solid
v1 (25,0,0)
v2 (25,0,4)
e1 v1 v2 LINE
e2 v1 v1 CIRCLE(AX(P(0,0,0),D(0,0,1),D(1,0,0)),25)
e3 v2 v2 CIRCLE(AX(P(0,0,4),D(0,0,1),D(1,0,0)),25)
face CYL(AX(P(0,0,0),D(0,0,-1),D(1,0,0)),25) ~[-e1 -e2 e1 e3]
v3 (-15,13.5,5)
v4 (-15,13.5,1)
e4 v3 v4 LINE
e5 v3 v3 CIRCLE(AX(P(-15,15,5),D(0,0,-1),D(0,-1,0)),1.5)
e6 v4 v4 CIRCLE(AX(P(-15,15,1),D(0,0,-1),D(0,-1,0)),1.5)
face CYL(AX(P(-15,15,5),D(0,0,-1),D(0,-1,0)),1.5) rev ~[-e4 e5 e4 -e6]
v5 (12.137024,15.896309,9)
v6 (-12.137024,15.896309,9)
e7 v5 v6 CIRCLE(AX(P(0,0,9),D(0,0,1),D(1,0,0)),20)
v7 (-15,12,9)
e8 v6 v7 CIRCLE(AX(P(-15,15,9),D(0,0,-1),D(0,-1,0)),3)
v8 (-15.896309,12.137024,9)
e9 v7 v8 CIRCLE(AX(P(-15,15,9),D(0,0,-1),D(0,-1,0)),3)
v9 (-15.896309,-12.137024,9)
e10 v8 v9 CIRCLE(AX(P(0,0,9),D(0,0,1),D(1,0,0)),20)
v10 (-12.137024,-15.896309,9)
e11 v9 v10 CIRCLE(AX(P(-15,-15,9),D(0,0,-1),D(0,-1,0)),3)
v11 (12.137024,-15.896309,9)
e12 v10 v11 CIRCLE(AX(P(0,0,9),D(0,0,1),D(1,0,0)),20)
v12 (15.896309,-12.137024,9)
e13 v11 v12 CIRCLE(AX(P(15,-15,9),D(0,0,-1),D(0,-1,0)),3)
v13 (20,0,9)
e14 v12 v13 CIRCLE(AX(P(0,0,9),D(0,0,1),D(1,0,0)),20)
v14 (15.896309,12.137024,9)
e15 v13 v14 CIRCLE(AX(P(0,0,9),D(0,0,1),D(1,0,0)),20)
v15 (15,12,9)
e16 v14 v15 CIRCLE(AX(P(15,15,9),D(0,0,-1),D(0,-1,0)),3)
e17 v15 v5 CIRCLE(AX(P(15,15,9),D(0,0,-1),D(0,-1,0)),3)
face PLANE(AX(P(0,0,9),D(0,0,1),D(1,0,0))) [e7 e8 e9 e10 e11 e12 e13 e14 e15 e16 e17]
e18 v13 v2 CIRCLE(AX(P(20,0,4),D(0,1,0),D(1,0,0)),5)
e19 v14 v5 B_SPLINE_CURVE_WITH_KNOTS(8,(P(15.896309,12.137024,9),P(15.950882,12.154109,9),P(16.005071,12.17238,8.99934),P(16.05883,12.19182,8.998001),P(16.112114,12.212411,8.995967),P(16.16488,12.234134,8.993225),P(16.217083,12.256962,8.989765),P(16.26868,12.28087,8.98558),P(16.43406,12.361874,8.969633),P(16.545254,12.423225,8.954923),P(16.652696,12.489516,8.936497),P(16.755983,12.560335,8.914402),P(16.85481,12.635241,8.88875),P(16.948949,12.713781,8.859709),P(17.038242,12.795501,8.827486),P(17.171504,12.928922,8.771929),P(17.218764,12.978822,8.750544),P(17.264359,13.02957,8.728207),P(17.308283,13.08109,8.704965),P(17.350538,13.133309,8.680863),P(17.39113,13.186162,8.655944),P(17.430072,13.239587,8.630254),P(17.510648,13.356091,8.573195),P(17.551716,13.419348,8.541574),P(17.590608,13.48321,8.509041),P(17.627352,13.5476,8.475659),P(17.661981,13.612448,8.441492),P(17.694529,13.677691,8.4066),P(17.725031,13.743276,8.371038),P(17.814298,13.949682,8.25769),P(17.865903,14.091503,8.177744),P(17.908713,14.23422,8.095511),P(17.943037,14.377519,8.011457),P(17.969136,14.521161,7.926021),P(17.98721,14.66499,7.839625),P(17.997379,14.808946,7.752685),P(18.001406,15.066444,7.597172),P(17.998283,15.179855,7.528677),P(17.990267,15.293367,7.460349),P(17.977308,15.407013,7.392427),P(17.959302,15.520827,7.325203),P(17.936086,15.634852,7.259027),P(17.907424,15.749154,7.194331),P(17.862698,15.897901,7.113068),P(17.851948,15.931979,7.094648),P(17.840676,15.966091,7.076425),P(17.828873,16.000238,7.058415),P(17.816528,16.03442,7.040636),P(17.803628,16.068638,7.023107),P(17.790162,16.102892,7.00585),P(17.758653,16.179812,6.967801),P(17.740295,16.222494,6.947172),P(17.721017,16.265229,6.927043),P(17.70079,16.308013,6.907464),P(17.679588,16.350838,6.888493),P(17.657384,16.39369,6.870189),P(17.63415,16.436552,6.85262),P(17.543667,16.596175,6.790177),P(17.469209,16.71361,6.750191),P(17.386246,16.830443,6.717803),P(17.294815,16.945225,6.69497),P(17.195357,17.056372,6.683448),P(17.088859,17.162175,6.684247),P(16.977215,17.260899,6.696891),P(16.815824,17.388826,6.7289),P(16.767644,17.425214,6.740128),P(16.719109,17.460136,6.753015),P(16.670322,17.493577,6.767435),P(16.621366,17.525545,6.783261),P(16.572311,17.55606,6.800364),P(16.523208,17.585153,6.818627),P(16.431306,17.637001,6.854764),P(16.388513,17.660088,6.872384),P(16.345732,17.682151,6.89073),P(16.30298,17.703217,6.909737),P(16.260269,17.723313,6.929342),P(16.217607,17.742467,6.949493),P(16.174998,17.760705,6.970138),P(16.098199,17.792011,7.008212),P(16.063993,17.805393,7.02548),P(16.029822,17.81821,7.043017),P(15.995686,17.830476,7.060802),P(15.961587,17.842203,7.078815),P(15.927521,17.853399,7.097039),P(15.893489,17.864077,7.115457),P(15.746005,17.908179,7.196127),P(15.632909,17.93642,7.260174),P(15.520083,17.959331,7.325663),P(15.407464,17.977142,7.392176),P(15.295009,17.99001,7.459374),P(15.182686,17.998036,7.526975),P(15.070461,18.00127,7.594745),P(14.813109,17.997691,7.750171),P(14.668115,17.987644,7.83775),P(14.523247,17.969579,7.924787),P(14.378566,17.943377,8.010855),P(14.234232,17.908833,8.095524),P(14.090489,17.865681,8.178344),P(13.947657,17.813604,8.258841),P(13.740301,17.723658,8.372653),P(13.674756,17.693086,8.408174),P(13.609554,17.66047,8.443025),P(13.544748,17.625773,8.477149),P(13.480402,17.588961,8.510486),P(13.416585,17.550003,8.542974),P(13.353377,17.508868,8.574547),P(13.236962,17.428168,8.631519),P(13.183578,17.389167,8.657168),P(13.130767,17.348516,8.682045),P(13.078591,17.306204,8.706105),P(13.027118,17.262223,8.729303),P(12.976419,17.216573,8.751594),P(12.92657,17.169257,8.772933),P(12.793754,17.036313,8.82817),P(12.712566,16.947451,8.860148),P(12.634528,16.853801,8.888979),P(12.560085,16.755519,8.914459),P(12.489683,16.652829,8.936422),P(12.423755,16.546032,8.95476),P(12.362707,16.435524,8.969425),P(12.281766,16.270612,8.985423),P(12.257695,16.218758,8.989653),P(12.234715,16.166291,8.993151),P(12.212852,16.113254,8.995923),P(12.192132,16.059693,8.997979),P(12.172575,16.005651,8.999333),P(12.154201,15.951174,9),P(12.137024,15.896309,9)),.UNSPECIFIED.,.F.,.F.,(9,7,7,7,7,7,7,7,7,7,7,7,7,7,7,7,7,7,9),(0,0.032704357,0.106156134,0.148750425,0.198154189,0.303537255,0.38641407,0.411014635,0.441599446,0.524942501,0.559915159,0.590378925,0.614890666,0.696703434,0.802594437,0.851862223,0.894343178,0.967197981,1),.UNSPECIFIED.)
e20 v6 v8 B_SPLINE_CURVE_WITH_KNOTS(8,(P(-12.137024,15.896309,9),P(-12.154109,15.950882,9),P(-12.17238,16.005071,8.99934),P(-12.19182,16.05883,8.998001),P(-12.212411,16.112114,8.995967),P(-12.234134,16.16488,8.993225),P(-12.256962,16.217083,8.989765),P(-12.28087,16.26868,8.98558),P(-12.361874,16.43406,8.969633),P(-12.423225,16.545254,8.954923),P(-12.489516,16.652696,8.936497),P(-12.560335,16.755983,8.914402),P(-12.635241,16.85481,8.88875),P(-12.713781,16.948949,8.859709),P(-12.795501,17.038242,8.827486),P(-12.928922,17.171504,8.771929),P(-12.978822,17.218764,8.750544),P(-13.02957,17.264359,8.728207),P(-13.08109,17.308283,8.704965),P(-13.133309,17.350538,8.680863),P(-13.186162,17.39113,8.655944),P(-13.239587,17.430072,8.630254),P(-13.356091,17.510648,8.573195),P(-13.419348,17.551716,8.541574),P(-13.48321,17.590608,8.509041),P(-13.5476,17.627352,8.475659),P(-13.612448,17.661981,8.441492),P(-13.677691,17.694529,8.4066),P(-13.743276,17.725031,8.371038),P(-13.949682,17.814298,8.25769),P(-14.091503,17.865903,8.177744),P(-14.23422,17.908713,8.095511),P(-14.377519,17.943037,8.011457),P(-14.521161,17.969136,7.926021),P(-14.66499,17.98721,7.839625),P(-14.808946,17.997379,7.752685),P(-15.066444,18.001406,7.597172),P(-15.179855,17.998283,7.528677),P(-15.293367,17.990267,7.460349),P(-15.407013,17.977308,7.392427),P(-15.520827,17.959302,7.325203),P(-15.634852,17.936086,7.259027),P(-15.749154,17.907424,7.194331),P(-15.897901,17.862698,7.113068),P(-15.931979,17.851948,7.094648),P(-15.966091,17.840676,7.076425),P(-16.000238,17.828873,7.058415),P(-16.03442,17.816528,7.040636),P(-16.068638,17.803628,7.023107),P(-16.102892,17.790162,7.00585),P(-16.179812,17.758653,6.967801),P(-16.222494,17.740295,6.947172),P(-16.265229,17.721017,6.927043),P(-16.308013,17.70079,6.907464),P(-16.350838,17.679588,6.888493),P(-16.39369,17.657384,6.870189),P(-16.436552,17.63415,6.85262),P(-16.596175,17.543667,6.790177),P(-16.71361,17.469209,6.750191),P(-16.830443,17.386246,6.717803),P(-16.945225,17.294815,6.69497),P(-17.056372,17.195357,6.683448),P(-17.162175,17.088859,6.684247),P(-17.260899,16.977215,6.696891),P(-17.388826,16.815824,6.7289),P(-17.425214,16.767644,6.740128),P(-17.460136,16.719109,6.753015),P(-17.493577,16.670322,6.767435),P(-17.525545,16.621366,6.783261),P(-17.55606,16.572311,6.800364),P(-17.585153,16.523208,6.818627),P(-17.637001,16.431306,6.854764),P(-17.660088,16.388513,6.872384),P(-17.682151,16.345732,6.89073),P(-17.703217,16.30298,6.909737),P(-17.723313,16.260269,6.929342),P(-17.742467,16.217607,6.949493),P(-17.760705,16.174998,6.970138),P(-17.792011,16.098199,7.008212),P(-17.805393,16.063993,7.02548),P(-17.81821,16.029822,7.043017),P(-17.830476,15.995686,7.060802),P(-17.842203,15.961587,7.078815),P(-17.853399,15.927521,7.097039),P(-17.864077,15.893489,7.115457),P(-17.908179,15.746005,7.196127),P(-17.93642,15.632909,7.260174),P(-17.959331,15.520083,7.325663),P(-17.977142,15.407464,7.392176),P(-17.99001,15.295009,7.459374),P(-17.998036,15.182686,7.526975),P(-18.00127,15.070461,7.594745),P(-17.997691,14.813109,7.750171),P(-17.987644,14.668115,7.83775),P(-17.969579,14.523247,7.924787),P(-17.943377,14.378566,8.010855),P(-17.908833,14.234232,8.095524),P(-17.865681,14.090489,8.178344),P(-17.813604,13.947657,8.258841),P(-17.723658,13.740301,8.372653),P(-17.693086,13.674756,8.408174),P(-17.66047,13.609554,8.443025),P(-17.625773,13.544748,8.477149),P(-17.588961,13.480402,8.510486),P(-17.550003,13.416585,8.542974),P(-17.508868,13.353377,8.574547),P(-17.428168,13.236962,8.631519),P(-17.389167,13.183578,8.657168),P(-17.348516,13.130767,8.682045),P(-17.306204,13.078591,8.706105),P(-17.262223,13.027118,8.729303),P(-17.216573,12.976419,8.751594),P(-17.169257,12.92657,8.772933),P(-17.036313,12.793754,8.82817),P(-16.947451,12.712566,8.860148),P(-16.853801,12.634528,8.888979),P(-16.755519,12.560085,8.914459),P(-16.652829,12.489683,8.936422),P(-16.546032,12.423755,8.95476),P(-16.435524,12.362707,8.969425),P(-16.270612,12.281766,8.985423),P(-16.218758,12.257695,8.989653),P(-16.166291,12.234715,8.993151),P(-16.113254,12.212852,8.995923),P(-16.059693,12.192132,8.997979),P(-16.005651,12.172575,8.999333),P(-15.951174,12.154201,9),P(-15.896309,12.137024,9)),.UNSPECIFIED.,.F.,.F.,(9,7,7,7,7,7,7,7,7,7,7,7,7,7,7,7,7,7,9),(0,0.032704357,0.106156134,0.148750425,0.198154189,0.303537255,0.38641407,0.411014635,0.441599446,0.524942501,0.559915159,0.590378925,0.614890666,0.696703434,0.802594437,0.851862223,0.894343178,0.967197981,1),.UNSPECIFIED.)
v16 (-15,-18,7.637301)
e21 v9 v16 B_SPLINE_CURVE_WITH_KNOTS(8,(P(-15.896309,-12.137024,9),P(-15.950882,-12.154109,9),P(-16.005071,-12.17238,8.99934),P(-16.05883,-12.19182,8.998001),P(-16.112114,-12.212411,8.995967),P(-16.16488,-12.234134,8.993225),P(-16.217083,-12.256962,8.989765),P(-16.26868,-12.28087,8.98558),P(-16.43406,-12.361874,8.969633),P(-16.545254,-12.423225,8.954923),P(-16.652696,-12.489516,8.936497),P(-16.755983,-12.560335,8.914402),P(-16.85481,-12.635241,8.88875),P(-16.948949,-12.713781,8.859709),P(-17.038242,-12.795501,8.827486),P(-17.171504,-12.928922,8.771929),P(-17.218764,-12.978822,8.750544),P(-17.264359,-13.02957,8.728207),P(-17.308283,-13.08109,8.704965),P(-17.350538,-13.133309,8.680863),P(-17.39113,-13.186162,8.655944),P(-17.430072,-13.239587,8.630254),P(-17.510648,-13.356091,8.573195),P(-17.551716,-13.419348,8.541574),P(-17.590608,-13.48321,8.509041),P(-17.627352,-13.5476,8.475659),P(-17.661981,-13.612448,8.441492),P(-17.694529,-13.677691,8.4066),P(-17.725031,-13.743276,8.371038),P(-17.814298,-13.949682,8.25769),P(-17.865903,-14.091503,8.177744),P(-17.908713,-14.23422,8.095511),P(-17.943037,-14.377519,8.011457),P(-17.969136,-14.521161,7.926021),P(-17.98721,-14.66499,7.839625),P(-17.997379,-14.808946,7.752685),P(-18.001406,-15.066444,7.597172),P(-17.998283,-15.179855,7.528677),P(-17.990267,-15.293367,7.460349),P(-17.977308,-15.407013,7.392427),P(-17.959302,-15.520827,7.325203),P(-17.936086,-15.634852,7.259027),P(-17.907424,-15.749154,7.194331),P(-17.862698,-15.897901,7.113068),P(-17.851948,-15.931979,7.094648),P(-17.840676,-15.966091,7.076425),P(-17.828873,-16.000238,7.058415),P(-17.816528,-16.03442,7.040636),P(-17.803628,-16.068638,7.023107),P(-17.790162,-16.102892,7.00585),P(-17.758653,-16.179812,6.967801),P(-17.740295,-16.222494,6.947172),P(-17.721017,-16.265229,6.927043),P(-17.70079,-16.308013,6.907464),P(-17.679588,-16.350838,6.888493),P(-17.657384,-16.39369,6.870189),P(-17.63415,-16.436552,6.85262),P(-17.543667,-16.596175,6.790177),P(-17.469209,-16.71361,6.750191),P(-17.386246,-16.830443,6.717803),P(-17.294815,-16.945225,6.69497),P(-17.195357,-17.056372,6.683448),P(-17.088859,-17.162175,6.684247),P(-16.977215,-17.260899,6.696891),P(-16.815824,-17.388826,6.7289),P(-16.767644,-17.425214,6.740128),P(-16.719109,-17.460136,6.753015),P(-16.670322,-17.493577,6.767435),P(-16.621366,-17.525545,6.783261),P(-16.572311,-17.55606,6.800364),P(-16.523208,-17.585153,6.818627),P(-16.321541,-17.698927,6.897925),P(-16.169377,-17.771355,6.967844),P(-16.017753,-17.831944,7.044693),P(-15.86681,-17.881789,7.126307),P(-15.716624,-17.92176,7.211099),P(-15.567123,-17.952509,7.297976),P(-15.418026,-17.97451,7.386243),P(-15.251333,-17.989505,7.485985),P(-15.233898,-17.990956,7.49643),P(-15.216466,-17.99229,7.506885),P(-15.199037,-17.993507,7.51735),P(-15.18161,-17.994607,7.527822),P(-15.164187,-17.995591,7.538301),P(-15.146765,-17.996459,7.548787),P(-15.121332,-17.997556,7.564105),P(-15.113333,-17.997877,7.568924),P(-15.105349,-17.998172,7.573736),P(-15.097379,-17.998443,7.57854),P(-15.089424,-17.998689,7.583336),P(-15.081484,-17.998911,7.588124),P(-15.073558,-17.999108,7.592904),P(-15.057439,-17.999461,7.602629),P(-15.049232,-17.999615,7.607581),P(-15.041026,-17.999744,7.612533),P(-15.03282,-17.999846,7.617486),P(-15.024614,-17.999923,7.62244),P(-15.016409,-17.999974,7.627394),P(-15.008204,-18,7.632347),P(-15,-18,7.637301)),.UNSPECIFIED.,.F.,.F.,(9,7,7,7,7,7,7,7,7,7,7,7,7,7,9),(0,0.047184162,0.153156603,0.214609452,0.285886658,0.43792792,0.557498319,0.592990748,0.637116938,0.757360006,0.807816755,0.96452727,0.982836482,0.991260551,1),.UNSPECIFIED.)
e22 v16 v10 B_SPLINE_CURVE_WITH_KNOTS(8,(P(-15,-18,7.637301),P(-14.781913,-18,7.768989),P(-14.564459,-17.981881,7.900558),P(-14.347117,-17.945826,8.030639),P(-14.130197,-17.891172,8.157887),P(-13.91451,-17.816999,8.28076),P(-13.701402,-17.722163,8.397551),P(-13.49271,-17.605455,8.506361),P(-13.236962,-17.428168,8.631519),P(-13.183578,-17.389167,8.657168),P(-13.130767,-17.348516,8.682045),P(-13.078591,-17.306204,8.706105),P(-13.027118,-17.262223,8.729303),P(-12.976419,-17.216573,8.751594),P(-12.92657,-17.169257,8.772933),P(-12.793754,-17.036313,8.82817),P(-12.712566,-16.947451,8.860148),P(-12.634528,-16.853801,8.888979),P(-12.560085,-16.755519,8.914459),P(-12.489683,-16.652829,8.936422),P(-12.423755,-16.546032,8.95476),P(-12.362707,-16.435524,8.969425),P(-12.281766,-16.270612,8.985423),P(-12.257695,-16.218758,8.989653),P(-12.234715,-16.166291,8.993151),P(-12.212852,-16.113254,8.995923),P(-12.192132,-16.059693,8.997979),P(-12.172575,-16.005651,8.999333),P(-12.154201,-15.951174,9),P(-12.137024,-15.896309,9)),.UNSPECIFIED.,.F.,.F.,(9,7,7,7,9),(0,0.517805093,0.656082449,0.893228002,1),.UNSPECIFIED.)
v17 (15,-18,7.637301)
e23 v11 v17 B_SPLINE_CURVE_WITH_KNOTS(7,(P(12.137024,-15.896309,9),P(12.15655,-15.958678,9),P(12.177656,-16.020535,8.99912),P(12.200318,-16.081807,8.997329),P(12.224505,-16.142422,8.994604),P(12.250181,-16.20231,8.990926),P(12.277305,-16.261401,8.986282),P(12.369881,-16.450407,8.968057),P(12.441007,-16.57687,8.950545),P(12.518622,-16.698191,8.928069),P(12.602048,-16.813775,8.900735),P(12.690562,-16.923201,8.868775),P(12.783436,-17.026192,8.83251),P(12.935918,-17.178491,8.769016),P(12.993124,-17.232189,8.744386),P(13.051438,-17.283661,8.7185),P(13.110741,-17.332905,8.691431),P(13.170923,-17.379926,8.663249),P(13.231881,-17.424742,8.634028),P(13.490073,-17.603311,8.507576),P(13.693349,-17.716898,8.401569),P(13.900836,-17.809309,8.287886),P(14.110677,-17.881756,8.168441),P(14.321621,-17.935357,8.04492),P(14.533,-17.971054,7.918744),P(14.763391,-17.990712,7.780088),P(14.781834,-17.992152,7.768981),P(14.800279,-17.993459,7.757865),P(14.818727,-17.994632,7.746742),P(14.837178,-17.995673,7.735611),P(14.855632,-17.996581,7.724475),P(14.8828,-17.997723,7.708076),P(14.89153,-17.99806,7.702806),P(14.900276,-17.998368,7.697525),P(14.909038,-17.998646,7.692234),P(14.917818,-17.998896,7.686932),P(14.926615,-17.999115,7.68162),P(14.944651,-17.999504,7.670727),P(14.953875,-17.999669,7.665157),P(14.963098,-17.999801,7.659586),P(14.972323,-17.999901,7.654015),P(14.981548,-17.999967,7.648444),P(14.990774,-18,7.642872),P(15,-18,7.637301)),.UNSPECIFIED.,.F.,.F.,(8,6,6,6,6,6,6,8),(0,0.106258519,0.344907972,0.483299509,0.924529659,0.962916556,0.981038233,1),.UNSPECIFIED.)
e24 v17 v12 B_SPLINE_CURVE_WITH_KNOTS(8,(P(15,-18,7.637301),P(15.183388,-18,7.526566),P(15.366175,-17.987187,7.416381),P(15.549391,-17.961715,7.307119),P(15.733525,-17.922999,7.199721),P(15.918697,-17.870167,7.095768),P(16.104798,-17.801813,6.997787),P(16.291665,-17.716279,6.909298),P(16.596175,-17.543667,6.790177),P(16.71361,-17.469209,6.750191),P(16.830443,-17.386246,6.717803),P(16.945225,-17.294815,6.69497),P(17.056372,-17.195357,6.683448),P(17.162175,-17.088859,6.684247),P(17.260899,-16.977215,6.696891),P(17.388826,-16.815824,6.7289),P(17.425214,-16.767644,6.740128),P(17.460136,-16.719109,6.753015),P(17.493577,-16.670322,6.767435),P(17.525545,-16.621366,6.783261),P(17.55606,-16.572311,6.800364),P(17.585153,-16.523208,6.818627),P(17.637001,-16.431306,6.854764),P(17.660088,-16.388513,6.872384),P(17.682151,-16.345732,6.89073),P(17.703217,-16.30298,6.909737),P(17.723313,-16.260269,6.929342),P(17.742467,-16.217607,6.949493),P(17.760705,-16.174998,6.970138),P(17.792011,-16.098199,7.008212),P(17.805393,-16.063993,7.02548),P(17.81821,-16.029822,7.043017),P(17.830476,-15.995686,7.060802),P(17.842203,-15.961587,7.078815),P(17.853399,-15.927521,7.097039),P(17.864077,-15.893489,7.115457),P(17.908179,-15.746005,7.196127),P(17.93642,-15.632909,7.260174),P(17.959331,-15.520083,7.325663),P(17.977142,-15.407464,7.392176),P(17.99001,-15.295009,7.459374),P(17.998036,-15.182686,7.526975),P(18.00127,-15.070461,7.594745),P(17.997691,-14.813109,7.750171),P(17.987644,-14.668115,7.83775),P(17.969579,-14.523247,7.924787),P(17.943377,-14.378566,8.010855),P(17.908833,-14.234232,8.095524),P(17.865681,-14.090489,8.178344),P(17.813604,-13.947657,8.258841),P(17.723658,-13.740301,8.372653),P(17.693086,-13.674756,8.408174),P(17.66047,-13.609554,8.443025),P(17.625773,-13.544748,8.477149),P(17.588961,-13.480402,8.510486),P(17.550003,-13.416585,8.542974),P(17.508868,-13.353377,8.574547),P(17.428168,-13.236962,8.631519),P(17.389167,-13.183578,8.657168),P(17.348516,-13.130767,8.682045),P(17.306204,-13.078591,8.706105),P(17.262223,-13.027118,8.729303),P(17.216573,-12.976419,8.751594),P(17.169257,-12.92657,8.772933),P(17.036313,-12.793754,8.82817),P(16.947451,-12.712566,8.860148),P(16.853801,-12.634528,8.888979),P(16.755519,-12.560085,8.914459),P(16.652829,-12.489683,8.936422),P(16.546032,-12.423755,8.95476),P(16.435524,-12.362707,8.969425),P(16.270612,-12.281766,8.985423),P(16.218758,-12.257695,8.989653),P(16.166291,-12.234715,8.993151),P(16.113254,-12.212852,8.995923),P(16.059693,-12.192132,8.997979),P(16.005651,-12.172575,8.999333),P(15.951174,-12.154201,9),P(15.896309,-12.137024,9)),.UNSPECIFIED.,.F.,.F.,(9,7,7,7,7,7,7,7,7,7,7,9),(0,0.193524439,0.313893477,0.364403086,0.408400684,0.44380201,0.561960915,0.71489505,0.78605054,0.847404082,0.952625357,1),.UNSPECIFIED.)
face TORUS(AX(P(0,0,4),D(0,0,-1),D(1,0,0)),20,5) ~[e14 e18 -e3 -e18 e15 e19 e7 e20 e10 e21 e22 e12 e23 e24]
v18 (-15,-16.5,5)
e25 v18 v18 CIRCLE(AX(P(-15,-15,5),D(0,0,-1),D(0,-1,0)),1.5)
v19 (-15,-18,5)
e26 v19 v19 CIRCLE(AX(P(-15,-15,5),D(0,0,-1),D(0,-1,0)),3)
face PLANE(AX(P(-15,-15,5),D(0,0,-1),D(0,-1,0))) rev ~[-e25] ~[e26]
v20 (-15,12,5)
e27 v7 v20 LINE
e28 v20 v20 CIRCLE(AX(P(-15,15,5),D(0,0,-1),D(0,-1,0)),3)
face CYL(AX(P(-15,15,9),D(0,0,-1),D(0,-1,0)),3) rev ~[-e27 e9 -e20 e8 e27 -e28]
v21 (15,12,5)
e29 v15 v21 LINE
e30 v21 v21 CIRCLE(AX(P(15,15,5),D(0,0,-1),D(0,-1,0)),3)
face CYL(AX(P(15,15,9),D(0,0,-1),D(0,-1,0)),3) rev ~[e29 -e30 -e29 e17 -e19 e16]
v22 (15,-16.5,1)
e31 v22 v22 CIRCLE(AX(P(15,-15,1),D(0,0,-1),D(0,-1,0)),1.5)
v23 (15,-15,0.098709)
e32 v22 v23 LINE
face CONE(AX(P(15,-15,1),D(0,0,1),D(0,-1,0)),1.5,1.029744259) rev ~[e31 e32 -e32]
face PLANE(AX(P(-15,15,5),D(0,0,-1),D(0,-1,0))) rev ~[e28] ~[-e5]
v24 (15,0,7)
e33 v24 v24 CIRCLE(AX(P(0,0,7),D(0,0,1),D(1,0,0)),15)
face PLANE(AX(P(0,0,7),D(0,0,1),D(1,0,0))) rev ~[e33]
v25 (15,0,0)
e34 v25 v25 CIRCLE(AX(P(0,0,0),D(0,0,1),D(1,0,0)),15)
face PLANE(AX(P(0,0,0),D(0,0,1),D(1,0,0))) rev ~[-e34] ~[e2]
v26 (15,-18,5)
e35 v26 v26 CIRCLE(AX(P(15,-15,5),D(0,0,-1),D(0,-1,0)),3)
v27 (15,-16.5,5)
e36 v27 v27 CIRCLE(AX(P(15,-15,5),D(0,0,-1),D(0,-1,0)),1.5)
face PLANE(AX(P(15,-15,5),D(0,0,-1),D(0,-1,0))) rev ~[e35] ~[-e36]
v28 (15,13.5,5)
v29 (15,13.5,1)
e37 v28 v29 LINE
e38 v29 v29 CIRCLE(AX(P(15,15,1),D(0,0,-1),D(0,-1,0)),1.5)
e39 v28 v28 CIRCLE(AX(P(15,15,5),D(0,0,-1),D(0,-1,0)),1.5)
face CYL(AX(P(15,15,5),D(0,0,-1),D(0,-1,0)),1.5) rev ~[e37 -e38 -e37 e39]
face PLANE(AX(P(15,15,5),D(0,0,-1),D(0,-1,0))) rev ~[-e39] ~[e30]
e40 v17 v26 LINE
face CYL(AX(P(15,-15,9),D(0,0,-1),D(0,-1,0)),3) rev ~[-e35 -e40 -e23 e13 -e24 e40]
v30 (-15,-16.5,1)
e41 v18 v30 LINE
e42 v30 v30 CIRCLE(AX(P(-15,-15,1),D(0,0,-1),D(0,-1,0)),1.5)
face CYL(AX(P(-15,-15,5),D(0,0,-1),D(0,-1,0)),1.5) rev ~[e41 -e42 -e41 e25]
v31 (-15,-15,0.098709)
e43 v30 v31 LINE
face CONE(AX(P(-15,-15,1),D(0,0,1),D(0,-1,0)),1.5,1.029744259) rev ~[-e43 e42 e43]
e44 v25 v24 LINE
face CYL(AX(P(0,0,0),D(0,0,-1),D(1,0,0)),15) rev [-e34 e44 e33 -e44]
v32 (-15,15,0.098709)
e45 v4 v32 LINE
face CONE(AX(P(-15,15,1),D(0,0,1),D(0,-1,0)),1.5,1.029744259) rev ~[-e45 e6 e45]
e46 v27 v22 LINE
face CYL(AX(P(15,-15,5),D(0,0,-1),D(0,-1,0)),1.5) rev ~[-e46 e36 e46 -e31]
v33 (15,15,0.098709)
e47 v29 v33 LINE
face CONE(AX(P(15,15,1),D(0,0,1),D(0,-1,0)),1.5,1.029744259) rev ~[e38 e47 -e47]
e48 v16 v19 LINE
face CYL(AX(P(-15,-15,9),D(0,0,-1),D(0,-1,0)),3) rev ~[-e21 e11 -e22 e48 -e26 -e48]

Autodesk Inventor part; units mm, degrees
ref_plane "YZ Plane" through (0, 0, 0) normal (1, 0, 0) x (0, 1, 0)
ref_plane "XZ Plane" through (0, 0, 0) normal (0, 1, 0) x (-1, 0, 0)
ref_plane "XY Plane" through (0, 0, 0) normal (0, 0, 1) x (1, 0, 0)
sketch "Skizze1" plane through (0, 0, 0) normal (0, 0, 1) x (1, 0, 0)
  circle A0 centre (0, 0) radius 11.1 construction
  circle A1 centre (0, 0) radius 25 projected
  circle A2 centre (0, 0) radius 15
  circle A3 centre (-15, -15) radius 1.25 projected
  circle A4 centre (15, 15) radius 1.25 projected
  circle A5 centre (15, -15) radius 1.25 projected
  circle A6 centre (-15, 15) radius 1.25 projected
  point P0 (0, 0)
  dimension "d0" = 30
extrude "Extrusion1" add sketch "Skizze1" along normal blind 9 contours A1 | A3 | A4 | A5 | A6
sketch "Skizze2" plane through (0, 0, 9) normal (0, 0, 1) x (1, 0, 0)
  circle A0 centre (0, 0) radius 15 projected
  circle A1 centre (0, 0) radius 25 projected
  point P0 (0, 0)
extrude "Extrusion2" add sketch "Skizze2" against normal blind 2 contours A0
fillet "Rundung1" radius 5 1 edges at (-25, 0, 9)
sketch "Skizze3" plane through (0, 0, 9) normal (0, 0, 1) x (1, 0, 0)
  line L0 (-15, -15) -> (15, -15)
  line L1 (15, -15) -> (15, 15)
  line L2 (15, 15) -> (-15, 15)
  line L3 (-15, 15) -> (-15, -15)
  line L4 (-15, -15) -> (15, 15) construction
  line L5 (15, -15) -> (-15, 15) construction
  point P0 (0, 0)
  dimension "d6" = 30
hole "Bohrung1" at (-15, 15, 9) at (15, 15, 9) at (15, -15, 9) at (-15, -15, 9) direction (0, 0, -1) diameter 3 depth 8 tip angle 118 counterbore diameter 6 counterbore depth 4
properties part number "Cover_G2" material "ABS-Kunststoff"
